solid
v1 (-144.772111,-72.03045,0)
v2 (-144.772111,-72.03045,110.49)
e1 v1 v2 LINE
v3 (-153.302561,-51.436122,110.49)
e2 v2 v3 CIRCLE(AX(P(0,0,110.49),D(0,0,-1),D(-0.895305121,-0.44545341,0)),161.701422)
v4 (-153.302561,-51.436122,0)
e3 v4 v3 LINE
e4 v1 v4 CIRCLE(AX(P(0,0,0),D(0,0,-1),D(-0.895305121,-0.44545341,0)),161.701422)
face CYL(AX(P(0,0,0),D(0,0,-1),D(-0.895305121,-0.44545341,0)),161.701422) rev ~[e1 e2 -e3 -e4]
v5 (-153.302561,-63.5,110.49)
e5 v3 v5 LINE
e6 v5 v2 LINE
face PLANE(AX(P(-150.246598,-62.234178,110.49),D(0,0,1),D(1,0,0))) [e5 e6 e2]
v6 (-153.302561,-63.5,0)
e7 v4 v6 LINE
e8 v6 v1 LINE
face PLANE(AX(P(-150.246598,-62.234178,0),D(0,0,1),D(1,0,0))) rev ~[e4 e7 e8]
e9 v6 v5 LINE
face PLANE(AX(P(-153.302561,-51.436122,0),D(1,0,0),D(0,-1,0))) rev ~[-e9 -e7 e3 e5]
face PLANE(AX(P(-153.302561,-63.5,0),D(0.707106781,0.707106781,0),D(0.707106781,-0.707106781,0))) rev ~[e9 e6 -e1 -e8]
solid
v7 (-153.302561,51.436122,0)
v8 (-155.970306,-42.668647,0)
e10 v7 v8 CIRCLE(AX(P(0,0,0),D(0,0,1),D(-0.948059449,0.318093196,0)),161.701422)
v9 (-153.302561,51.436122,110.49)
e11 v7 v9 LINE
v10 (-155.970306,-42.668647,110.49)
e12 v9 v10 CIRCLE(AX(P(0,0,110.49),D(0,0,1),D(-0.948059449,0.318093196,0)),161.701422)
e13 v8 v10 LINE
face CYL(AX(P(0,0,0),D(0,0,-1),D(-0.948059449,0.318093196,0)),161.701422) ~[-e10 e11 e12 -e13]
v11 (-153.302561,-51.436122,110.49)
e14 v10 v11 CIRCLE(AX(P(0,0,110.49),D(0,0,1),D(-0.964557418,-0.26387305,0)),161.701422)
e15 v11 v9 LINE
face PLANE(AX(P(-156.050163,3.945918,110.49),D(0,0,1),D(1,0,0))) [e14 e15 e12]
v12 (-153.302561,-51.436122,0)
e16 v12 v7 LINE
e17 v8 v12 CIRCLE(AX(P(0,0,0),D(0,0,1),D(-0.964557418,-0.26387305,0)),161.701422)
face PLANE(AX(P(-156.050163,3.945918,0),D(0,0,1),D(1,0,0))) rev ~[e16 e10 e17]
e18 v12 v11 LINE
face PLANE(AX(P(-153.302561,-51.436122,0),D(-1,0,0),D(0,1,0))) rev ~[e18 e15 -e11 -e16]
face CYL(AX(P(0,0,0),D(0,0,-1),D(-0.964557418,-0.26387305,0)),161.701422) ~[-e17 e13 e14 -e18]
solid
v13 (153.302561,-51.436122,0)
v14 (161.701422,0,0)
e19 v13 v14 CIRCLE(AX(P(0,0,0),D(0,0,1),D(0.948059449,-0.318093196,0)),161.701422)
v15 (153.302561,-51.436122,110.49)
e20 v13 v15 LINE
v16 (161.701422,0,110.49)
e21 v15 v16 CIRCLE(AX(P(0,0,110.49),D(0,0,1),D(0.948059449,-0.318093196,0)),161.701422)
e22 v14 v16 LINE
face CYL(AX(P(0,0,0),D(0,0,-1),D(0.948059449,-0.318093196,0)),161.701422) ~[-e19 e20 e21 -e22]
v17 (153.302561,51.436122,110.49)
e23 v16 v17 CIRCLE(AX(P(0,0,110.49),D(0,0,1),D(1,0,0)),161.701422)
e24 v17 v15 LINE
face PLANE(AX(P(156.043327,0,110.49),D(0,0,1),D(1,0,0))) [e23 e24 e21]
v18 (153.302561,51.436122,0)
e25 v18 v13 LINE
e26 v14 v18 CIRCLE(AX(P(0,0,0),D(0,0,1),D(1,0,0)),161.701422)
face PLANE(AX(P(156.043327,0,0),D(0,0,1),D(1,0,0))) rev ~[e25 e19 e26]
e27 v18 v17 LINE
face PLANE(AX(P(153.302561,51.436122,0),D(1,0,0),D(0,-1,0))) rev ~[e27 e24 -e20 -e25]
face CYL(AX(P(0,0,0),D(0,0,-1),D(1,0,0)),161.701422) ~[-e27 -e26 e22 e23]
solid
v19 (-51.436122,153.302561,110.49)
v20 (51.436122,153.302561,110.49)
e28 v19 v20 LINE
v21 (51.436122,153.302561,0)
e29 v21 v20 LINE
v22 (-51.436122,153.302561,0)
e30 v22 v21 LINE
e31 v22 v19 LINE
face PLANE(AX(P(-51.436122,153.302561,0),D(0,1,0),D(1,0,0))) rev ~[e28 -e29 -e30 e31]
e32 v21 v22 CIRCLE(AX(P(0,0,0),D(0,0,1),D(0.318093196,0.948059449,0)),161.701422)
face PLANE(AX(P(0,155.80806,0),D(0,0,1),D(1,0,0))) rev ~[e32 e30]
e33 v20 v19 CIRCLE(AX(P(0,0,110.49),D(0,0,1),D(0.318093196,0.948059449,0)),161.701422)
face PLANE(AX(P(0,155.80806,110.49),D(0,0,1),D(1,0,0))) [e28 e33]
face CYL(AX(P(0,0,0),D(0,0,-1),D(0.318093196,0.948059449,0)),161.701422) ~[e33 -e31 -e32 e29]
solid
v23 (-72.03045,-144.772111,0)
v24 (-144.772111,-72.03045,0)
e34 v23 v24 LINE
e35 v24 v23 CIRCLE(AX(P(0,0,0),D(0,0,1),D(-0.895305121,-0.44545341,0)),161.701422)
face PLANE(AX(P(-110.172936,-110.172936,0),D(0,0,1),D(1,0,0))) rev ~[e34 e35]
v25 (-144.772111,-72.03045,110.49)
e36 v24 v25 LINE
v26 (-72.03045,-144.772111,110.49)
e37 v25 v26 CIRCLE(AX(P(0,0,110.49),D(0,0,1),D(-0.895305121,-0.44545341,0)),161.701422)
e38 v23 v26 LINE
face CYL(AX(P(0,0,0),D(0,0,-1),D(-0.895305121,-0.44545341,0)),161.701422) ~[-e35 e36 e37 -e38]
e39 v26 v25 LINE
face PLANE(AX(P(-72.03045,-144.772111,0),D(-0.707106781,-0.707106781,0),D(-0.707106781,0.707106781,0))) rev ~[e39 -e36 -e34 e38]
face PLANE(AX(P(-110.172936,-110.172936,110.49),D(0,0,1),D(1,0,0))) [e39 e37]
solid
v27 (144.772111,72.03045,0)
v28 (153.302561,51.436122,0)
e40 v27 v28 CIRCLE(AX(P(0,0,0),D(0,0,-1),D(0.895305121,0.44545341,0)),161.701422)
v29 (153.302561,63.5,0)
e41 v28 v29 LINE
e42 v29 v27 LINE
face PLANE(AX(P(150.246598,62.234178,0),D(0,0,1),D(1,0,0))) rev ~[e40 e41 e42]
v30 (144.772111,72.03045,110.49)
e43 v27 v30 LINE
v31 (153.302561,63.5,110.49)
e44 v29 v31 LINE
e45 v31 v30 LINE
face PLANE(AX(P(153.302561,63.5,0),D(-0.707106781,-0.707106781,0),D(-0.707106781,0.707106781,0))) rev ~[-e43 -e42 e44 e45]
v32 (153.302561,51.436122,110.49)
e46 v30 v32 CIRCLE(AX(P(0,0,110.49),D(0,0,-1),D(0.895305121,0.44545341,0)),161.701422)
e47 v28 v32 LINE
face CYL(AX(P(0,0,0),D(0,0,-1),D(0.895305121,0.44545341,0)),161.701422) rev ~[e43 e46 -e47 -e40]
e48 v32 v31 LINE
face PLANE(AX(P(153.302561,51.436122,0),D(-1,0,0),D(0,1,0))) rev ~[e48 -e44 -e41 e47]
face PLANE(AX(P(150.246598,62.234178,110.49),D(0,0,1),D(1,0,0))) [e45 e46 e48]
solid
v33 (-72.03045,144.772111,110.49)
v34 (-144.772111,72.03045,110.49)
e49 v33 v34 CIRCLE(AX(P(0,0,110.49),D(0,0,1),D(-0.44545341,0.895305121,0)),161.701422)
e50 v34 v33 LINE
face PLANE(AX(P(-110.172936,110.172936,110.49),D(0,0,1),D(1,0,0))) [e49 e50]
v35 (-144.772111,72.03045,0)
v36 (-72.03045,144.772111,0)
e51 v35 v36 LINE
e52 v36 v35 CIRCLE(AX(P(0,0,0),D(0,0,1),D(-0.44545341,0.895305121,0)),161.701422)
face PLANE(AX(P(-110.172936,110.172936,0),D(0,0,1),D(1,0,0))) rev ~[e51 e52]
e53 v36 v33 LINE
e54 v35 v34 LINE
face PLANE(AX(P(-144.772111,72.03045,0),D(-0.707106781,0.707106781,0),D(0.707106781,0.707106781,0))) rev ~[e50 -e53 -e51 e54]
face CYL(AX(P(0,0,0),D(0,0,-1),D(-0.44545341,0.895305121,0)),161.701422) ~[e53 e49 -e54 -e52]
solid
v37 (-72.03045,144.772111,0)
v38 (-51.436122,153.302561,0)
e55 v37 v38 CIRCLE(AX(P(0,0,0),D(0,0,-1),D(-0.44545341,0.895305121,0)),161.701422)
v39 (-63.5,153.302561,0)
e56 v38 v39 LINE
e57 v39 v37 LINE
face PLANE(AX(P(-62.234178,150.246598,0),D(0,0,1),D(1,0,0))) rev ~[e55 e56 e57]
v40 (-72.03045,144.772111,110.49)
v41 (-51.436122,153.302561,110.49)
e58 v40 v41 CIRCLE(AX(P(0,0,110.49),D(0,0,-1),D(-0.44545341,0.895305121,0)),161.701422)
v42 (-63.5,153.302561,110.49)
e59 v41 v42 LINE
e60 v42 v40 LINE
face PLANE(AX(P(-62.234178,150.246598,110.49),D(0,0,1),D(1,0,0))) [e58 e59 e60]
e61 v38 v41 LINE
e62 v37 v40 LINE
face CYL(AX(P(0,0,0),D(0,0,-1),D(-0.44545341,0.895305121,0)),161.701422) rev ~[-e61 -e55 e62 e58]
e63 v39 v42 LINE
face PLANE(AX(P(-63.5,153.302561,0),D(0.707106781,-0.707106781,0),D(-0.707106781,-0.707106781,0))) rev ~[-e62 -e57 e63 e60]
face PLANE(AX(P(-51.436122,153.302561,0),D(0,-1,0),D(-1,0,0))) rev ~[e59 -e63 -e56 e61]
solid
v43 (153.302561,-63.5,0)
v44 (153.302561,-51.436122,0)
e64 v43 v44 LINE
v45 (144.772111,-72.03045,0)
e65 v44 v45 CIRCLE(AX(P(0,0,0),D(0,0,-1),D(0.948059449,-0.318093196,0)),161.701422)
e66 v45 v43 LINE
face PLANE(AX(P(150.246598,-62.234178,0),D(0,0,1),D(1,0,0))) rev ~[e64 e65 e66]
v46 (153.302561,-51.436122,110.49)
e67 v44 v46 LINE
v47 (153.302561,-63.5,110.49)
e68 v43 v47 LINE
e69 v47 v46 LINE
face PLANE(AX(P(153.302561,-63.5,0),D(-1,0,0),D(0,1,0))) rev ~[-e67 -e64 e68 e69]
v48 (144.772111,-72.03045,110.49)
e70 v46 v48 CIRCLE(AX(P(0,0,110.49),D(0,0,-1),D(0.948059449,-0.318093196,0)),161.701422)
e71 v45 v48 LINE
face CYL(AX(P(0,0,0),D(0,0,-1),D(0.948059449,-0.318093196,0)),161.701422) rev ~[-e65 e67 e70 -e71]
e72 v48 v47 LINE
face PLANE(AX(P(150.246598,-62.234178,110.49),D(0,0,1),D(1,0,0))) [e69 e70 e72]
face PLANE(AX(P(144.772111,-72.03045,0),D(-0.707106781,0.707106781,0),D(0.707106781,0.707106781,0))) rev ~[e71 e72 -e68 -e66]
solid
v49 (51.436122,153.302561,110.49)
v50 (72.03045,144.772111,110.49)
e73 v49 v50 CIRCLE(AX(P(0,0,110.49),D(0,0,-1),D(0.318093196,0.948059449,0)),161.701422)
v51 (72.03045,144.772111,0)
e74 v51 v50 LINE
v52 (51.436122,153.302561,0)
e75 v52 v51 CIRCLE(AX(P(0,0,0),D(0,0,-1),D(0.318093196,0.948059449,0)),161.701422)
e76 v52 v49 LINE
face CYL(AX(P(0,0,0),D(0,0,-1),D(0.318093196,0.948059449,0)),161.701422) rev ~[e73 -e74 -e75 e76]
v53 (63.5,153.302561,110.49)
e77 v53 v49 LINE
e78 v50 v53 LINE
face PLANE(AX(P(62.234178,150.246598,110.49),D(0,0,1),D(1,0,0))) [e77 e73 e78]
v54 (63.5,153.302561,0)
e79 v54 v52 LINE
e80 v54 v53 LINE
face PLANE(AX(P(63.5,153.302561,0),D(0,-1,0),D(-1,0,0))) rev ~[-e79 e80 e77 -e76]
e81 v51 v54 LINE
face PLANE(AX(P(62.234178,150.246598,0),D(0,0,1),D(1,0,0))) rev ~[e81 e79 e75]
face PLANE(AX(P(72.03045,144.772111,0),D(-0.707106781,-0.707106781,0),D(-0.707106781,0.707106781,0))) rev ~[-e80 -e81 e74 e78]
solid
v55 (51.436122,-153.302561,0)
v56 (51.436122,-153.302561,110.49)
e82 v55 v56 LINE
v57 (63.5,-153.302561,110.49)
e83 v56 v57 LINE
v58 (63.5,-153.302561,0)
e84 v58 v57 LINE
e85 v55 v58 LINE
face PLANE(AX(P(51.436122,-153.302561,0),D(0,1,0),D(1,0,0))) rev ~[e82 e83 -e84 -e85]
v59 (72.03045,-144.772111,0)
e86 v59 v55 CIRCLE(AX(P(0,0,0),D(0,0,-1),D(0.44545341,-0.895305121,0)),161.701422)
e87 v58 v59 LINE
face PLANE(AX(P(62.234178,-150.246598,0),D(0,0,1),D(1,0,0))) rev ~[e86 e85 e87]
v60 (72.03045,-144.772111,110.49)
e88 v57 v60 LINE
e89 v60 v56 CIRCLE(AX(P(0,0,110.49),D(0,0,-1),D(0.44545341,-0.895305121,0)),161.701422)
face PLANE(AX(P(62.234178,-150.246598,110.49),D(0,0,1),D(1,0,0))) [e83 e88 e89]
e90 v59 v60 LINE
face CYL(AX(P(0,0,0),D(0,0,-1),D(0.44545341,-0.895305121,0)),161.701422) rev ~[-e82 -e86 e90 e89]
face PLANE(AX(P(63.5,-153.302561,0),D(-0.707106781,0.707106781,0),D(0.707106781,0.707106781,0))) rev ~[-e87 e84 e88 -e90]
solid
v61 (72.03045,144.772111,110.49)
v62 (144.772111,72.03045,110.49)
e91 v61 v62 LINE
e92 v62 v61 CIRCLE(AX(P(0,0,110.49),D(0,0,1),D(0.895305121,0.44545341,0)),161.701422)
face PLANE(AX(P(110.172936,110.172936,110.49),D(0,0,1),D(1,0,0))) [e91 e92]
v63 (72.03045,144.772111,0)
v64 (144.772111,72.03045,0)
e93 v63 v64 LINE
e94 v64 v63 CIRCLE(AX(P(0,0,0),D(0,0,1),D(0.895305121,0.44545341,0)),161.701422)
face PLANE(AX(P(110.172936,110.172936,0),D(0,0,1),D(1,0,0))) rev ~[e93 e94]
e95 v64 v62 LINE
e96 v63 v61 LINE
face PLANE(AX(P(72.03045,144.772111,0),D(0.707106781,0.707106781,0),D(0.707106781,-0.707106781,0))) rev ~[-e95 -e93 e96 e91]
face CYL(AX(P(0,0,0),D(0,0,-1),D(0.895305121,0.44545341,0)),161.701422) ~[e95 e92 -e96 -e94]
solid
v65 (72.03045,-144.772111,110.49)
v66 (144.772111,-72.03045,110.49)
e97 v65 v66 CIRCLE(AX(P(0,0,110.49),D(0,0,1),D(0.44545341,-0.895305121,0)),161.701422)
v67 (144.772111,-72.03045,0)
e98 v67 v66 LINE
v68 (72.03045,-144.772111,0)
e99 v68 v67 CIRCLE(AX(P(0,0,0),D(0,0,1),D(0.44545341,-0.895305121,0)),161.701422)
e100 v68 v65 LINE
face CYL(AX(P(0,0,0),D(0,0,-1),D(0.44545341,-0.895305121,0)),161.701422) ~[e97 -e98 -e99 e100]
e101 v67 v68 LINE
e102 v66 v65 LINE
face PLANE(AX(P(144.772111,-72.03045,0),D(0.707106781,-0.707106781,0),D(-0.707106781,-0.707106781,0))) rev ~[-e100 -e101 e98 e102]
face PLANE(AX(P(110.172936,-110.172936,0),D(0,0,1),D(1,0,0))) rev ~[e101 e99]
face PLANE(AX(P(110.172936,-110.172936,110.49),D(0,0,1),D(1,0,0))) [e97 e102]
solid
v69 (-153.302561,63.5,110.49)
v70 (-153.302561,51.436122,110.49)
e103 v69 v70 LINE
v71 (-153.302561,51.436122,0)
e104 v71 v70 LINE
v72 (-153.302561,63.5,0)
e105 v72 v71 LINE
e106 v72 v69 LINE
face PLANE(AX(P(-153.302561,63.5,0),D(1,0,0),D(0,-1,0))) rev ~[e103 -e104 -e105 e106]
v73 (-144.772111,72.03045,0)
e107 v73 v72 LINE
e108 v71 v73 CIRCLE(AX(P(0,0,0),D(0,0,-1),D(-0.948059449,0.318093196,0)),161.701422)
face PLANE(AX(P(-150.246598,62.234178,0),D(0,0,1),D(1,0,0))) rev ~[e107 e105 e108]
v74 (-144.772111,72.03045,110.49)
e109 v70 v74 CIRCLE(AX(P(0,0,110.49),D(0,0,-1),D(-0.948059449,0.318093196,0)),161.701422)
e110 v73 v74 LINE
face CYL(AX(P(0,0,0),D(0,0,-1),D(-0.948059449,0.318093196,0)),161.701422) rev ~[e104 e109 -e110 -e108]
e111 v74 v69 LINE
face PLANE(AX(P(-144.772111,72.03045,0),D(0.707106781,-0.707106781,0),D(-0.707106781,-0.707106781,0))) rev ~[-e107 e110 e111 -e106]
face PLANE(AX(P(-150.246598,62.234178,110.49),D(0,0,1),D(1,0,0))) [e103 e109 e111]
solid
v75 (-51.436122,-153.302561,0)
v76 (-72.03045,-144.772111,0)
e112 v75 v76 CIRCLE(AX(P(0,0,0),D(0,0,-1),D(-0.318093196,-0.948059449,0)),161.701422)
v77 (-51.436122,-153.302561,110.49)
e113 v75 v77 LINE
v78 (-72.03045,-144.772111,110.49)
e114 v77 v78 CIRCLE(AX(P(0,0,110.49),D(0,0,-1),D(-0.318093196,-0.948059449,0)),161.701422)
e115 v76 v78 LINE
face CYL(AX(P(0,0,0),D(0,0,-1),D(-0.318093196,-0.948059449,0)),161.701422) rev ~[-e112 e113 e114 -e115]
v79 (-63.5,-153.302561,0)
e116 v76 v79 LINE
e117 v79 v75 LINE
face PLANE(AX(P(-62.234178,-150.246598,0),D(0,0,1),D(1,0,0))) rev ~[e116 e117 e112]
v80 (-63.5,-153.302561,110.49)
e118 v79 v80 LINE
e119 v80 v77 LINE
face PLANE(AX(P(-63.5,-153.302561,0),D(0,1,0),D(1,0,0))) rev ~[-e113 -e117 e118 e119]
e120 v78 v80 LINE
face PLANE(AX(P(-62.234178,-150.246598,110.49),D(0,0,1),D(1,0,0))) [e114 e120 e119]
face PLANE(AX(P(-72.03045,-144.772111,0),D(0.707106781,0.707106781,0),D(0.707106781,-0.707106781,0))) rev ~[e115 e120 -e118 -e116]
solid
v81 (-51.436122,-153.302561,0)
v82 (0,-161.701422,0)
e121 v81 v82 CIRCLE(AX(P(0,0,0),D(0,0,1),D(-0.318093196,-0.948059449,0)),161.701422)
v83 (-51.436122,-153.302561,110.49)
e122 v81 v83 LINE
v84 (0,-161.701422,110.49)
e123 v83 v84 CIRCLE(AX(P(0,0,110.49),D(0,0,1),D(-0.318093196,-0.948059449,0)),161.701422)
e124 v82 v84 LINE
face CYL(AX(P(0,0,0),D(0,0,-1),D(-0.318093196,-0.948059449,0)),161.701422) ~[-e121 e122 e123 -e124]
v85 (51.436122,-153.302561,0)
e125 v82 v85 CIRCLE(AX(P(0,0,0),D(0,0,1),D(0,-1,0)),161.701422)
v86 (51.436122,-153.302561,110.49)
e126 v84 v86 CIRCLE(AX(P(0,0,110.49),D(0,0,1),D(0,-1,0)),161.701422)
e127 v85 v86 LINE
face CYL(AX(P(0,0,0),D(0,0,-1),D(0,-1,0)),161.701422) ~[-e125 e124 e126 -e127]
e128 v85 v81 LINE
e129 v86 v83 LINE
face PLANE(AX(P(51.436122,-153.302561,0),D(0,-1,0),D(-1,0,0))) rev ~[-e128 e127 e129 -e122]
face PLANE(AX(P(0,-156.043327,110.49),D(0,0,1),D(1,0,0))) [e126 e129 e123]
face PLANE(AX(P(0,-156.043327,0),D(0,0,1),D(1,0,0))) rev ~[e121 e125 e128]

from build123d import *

# Parameters (mm, degrees)
F1_DEPTH = 110.49


with BuildPart() as f1:
    # F0 (on Top) → F1 (new body)
    with BuildSketch(Plane.XY):
        with BuildLine():
            Line((-153.3025612107, 63.5), (-153.3025612107, 51.4361221489))
            ThreePointArc((-153.3025612107, 51.4361221489), (-149.3926343313, 61.8804552587), (-144.7721113748, 72.0304498359))
            Line((-144.7721113748, 72.0304498359), (-153.3025612107, 63.5))
        make_face()
    extrude(amount=F1_DEPTH)


with BuildPart() as f1b:
    # F0 (on Top) → F1, piece 2 (new body)
    with BuildSketch(Plane.XY):
        with BuildLine():
            ThreePointArc((-72.0304498359, 144.7721113748), (-114.340172152, 114.340172152), (-144.7721113748, 72.0304498359))
            Line((-144.7721113748, 72.0304498359), (-72.0304498359, 144.7721113748))
        make_face()
    extrude(amount=F1_DEPTH)


with BuildPart() as f1c:
    # F0 (on Top) → F1, piece 3 (new body)
    with BuildSketch(Plane.XY):
        with BuildLine():
            Line((-63.5, 153.3025612107), (-72.0304498359, 144.7721113748))
            ThreePointArc((-72.0304498359, 144.7721113748), (-61.8804552587, 149.3926343313), (-51.4361221489, 153.3025612107))
            Line((-51.4361221489, 153.3025612107), (-63.5, 153.3025612107))
        make_face()
    extrude(amount=F1_DEPTH)


with BuildPart() as f1d:
    # F0 (on Top) → F1, piece 4 (new body)
    with BuildSketch(Plane.XY):
        with BuildLine():
            ThreePointArc((51.4361221489, 153.3025612107), (0, 161.7014221814), (-51.4361221489, 153.3025612107))
            Line((-51.4361221489, 153.3025612107), (51.4361221489, 153.3025612107))
        make_face()
    extrude(amount=F1_DEPTH)


with BuildPart() as f1e:
    # F0 (on Top) → F1, piece 5 (new body)
    with BuildSketch(Plane.XY):
        with BuildLine():
            Line((63.5, 153.3025612107), (51.4361221489, 153.3025612107))
            ThreePointArc((51.4361221489, 153.3025612107), (61.8804552587, 149.3926343313), (72.0304498359, 144.7721113748))
            Line((72.0304498359, 144.7721113748), (63.5, 153.3025612107))
        make_face()
    extrude(amount=F1_DEPTH)


with BuildPart() as f1f:
    # F0 (on Top) → F1, piece 6 (new body)
    with BuildSketch(Plane.XY):
        with BuildLine():
            ThreePointArc((144.7721113748, 72.0304498359), (114.340172152, 114.340172152), (72.0304498359, 144.7721113748))
            Line((72.0304498359, 144.7721113748), (144.7721113748, 72.0304498359))
        make_face()
    extrude(amount=F1_DEPTH)


with BuildPart() as f1g:
    # F0 (on Top) → F1, piece 7 (new body)
    with BuildSketch(Plane.XY):
        with BuildLine():
            ThreePointArc((144.7721113748, 72.0304498359), (149.3926343313, 61.8804552587), (153.3025612107, 51.4361221489))
            Line((153.3025612107, 51.4361221489), (153.3025612107, 63.5))
            Line((153.3025612107, 63.5), (144.7721113748, 72.0304498359))
        make_face()
    extrude(amount=F1_DEPTH)


with BuildPart() as f1h:
    # F0 (on Top) → F1, piece 8 (new body)
    with BuildSketch(Plane.XY):
        with BuildLine():
            Line((153.3025612107, 51.4361221489), (153.3025612107, -51.4361221489))
            ThreePointArc((153.3025612107, -51.4361221489), (159.5878944458, -26.0586623185), (161.7014221814, 0))
            ThreePointArc((161.7014221814, 0), (159.5878944458, 26.0586623185), (153.3025612107, 51.4361221489))
        make_face()
    extrude(amount=F1_DEPTH)


with BuildPart() as f1i:
    # F0 (on Top) → F1, piece 9 (new body)
    with BuildSketch(Plane.XY):
        with BuildLine():
            ThreePointArc((153.3025612107, -51.4361221489), (149.3926343313, -61.8804552587), (144.7721113748, -72.0304498359))
            Line((144.7721113748, -72.0304498359), (153.3025612107, -63.5))
            Line((153.3025612107, -63.5), (153.3025612107, -51.4361221489))
        make_face()
    extrude(amount=F1_DEPTH)


with BuildPart() as f1j:
    # F0 (on Top) → F1, piece 10 (new body)
    with BuildSketch(Plane.XY):
        with BuildLine():
            Line((144.7721113748, -72.0304498359), (72.0304498359, -144.7721113748))
            ThreePointArc((72.0304498359, -144.7721113748), (114.340172152, -114.340172152), (144.7721113748, -72.0304498359))
        make_face()
    extrude(amount=F1_DEPTH)


with BuildPart() as f1k:
    # F0 (on Top) → F1, piece 11 (new body)
    with BuildSketch(Plane.XY):
        with BuildLine():
            ThreePointArc((72.0304498359, -144.7721113748), (61.8804552587, -149.3926343313), (51.4361221489, -153.3025612107))
            Line((51.4361221489, -153.3025612107), (63.5, -153.3025612107))
            Line((63.5, -153.3025612107), (72.0304498359, -144.7721113748))
        make_face()
    extrude(amount=F1_DEPTH)


with BuildPart() as f1l:
    # F0 (on Top) → F1, piece 12 (new body)
    with BuildSketch(Plane.XY):
        with BuildLine():
            Line((51.4361221489, -153.3025612107), (-51.4361221489, -153.3025612107))
            ThreePointArc((-51.4361221489, -153.3025612107), (-26.0586623185, -159.5878944458), (0, -161.7014221814))
            ThreePointArc((0, -161.7014221814), (26.0586623185, -159.5878944458), (51.4361221489, -153.3025612107))
        make_face()
    extrude(amount=F1_DEPTH)


with BuildPart() as f1m:
    # F0 (on Top) → F1, piece 13 (new body)
    with BuildSketch(Plane.XY):
        with BuildLine():
            ThreePointArc((-51.4361221489, -153.3025612107), (-61.8804552587, -149.3926343313), (-72.0304498359, -144.7721113748))
            Line((-72.0304498359, -144.7721113748), (-63.5, -153.3025612107))
            Line((-63.5, -153.3025612107), (-51.4361221489, -153.3025612107))
        make_face()
    extrude(amount=F1_DEPTH)


with BuildPart() as f1n:
    # F0 (on Top) → F1, piece 14 (new body)
    with BuildSketch(Plane.XY):
        with BuildLine():
            Line((-72.0304498359, -144.7721113748), (-144.7721113748, -72.0304498359))
            ThreePointArc((-144.7721113748, -72.0304498359), (-114.340172152, -114.340172152), (-72.0304498359, -144.7721113748))
        make_face()
    extrude(amount=F1_DEPTH)


with BuildPart() as f1o:
    # F0 (on Top) → F1, piece 15 (new body)
    with BuildSketch(Plane.XY):
        with BuildLine():
            Line((-153.3025612107, -51.4361221489), (-153.3025612107, -63.5))
            Line((-153.3025612107, -63.5), (-144.7721113748, -72.0304498359))
            ThreePointArc((-144.7721113748, -72.0304498359), (-149.3926343313, -61.8804552587), (-153.3025612107, -51.4361221489))
        make_face()
    extrude(amount=F1_DEPTH)


with BuildPart() as f1p:
    # F0 (on Top) → F1, piece 16 (new body)
    with BuildSketch(Plane.XY):
        with BuildLine():
            ThreePointArc((-153.3025612107, 51.4361221489), (-161.636485876, 4.5821795193), (-155.9703063402, -42.6686474547))
            Line((-155.9703063402, -42.6686474547), (-153.3025612107, -41.9388349725))
            Line((-153.3025612107, -41.9388349725), (-153.3025612107, 51.4361221489))
        make_face()
        with BuildLine():
            ThreePointArc((-155.9703063402, -42.6686474547), (-154.6985578599, -47.0712877618), (-153.3025612107, -51.4361221489))
            Line((-153.3025612107, -51.4361221489), (-153.3025612107, -43.18))
            Line((-153.3025612107, -43.18), (-153.3025612107, -41.9388349725))
            Line((-153.3025612107, -41.9388349725), (-155.9703063402, -42.6686474547))
        make_face()
    extrude(amount=F1_DEPTH)


solid = Compound([f1.part, f1b.part, f1c.part, f1d.part, f1e.part, f1f.part, f1g.part, f1h.part, f1i.part, f1j.part, f1k.part, f1l.part, f1m.part, f1n.part, f1o.part, f1p.part])
